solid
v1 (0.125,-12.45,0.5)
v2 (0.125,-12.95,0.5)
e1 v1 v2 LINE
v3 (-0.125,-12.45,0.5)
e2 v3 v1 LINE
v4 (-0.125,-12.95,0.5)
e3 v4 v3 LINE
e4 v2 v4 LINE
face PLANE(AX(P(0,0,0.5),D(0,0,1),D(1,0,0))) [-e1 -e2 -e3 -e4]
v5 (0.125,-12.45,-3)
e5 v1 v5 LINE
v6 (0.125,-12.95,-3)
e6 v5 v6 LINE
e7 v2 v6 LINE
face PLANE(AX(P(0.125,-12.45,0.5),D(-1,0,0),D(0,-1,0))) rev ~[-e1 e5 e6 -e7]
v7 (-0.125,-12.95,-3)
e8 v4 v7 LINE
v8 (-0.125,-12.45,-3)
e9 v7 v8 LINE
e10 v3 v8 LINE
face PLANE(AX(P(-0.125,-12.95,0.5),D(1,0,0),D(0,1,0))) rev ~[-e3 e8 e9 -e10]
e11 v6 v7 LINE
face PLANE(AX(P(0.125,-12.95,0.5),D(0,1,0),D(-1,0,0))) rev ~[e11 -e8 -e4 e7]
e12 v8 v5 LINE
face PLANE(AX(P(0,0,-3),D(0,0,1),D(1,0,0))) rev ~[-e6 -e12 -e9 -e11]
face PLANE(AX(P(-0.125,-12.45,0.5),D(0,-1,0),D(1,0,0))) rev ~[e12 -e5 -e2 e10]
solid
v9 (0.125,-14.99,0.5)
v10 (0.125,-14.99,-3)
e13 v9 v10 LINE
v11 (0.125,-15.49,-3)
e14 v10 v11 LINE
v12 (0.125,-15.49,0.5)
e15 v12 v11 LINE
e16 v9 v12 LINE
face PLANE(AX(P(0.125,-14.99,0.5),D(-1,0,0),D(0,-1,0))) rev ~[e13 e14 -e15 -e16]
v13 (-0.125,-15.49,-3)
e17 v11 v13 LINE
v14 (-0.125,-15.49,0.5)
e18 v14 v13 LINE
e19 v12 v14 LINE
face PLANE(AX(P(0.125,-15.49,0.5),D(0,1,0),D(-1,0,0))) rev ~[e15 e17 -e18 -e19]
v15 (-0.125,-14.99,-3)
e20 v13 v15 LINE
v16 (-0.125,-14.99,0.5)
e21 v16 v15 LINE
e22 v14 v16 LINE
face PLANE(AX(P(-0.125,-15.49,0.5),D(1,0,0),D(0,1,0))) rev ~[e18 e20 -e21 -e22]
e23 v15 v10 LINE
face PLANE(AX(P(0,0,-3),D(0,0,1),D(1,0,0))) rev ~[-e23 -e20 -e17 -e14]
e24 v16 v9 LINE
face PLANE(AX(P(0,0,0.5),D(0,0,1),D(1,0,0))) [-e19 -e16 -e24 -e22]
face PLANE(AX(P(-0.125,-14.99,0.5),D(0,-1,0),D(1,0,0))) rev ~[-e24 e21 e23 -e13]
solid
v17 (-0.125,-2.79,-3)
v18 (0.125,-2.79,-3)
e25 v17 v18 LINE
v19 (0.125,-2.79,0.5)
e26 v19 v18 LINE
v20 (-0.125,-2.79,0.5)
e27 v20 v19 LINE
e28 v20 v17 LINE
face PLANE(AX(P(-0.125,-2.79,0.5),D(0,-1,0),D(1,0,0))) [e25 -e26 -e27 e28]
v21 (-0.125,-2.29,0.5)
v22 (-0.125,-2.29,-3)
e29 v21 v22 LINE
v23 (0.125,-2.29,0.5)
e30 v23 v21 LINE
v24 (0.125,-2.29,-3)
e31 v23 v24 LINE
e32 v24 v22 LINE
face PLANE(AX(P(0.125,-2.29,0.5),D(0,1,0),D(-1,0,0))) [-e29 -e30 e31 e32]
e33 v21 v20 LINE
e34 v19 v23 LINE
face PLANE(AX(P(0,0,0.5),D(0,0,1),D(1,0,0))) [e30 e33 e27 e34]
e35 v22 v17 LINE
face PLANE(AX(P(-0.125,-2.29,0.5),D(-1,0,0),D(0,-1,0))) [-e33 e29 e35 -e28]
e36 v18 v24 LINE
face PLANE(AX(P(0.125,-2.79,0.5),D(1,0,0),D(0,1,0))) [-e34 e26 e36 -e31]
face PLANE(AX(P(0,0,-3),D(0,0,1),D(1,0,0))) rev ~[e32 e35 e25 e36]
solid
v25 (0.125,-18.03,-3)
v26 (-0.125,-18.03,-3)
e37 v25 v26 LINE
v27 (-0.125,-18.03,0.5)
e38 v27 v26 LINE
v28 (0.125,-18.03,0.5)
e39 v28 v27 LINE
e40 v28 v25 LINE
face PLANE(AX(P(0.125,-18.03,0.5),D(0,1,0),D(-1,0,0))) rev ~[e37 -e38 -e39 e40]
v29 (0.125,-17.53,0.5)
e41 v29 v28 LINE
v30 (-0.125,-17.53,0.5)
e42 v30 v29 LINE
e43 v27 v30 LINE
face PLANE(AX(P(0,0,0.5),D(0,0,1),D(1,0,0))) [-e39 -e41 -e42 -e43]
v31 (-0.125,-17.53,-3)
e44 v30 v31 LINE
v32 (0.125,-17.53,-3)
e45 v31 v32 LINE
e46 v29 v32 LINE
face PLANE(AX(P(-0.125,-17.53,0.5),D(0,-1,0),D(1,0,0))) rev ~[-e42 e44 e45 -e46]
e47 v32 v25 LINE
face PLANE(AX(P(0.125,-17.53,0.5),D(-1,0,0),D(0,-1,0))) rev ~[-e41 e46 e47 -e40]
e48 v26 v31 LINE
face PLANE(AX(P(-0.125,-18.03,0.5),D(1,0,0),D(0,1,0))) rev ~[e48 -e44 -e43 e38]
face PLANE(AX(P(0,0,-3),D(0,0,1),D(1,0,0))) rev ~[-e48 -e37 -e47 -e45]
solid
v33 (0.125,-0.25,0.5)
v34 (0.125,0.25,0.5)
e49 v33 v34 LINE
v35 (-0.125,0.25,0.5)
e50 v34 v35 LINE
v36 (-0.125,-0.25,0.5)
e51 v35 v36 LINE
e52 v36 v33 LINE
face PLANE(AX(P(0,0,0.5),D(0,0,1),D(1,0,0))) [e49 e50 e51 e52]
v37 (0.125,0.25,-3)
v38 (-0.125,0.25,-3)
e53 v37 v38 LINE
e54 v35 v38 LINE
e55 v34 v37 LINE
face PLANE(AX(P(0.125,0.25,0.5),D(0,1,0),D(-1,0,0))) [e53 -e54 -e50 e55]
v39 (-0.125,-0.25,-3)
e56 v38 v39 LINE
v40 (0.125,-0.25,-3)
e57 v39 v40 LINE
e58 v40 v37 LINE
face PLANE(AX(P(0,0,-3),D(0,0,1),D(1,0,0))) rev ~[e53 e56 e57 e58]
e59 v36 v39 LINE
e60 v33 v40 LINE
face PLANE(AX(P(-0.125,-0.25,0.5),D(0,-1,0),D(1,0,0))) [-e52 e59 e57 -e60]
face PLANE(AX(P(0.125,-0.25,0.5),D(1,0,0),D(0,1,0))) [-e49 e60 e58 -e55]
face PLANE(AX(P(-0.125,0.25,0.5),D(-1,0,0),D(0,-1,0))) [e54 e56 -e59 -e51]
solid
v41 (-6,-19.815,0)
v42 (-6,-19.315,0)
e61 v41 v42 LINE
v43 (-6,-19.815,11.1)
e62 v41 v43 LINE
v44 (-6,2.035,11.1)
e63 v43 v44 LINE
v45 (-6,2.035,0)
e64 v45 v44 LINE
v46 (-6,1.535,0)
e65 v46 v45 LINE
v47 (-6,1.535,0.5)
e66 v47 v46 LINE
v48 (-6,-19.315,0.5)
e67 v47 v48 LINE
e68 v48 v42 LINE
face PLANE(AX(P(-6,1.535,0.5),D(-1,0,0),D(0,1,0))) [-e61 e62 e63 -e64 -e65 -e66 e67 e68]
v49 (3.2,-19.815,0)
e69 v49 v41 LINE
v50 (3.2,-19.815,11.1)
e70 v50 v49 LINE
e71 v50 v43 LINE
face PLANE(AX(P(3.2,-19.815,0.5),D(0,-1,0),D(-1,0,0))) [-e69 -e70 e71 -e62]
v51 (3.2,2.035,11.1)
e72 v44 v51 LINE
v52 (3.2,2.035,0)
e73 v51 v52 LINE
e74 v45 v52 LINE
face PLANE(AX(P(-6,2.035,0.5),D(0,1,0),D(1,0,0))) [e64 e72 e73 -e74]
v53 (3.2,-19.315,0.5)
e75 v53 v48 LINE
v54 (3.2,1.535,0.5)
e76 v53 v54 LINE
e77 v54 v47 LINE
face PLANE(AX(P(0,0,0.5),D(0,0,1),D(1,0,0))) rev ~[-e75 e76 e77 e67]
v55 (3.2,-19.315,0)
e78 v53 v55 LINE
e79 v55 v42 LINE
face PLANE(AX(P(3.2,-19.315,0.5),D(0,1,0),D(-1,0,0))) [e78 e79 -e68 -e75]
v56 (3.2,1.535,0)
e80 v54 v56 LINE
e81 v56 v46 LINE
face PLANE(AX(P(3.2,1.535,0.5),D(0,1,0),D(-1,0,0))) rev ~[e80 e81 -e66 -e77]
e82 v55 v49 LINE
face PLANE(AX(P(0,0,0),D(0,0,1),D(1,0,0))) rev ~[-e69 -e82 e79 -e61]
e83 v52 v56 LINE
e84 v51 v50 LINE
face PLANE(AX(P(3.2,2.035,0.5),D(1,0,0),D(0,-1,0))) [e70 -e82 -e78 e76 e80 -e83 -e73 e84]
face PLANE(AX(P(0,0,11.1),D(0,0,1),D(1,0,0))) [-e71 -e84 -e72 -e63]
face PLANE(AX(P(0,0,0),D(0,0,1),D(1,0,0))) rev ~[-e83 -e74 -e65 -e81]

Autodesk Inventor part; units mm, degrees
ref_plane "YZ Plane" through (0, 0, 0) normal (1, 0, 0) x (0, 1, 0)
ref_plane "XZ Plane" through (0, 0, 0) normal (0, 1, 0) x (-1, 0, 0)
ref_plane "XY Plane" through (0, 0, 0) normal (0, 0, 1) x (1, 0, 0)
sketch "Sketch2" plane through (0, 0, 0) normal (0, 0, 1) x (1, 0, 0)
  line L0 (-6, 2.035) -> (3.2, 2.035)
  line L1 (3.2, 2.035) -> (3.2, -19.815)
  line L2 (3.2, -19.815) -> (-6, -19.815)
  line L3 (-6, -19.815) -> (-6, 2.035)
  line L4 (-0.125, -0.25) -> (0.125, -0.25)
  line L5 (0.125, -0.25) -> (0.125, 0.25)
  line L6 (0.125, 0.25) -> (-0.125, 0.25)
  line L7 (-0.125, 0.25) -> (-0.125, -0.25)
  line L8 (-0.125, -0.25) -> (0.125, 0.25) construction
  line L9 (0.125, -0.25) -> (-0.125, 0.25) construction
  line L10 (-0.125, -2.79) -> (0.125, -2.79)
  line L11 (0.125, -2.79) -> (0.125, -2.29)
  line L12 (0.125, -2.29) -> (-0.125, -2.29)
  line L13 (-0.125, -2.29) -> (-0.125, -2.79)
  line L14 (-0.125, -2.79) -> (0.125, -2.29) construction
  line L15 (0.125, -2.79) -> (-0.125, -2.29) construction
  line L16 (-0.125, -12.45) -> (0.125, -12.45)
  line L17 (0.125, -12.45) -> (0.125, -12.95)
  line L18 (0.125, -12.95) -> (-0.125, -12.95)
  line L19 (-0.125, -12.95) -> (-0.125, -12.45)
  line L20 (-0.125, -12.45) -> (0.125, -12.95) construction
  line L21 (0.125, -12.45) -> (-0.125, -12.95) construction
  line L22 (-0.125, -14.99) -> (0.125, -14.99)
  line L23 (0.125, -14.99) -> (0.125, -15.49)
  line L24 (-0.125, -15.49) -> (-0.125, -14.99)
  line L25 (-0.125, -14.99) -> (0.125, -15.49) construction
  line L26 (0.125, -14.99) -> (-0.125, -15.49) construction
  line L27 (0.125, -15.49) -> (-0.125, -15.49)
  line L28 (-0.125, -17.53) -> (0.125, -17.53)
  line L29 (0.125, -17.53) -> (0.125, -18.03)
  line L30 (-0.125, -18.03) -> (-0.125, -17.53)
  line L31 (-0.125, -17.53) -> (0.125, -18.03) construction
  line L32 (0.125, -17.53) -> (-0.125, -18.03) construction
  line L33 (0.125, -18.03) -> (-0.125, -18.03)
  line L34 (-6, 2.035) -> (3.2, 2.035)
  line L35 (3.2, 2.035) -> (3.2, 1.535)
  line L36 (3.2, 1.535) -> (-6, 1.535)
  line L37 (-6, 1.535) -> (-6, 2.035)
  line L38 (-6, -19.815) -> (3.2, -19.815)
  line L39 (3.2, -19.815) -> (3.2, -19.315)
  line L40 (3.2, -19.315) -> (-6, -19.315)
  line L41 (-6, -19.315) -> (-6, -19.815)
  point P0 (0, 0)
  point P1 (0, -2.54)
  point P2 (0, -12.7)
  point P3 (0, -15.24)
  point P4 (0, -17.78)
  dimension "d37" = 2.035
  dimension "d38" = 3.2
  dimension "d40" = 9.2
  dimension "d41" = 0.25
  dimension "d42" = 0.5
  dimension "d45" = 2.54
  dimension "d50" = 0.25
  dimension "d51" = 0.5
  dimension "d52" = 0
  dimension "d53" = 12.7
  dimension "d56" = 2.54
  dimension "d61" = 0.5
  dimension "d62" = 0.5
  dimension "d72" = 21.85
extrude "Extrusion4" add sketch "Sketch2" along normal blind 10.6 contours L0 L1 L36 L3 | L36 L1 L40 L3 | L40 L1 L2 L3 | L7 L6 L5 L4 | L13 L12 L11 L10 | L16 L17 L18 L19 | L22 L23 L27 L24 | L28 L29 L33 L30
extrude "Extrusion5" add sketch "Sketch2" against normal blind 0.5 contours L0 L1 L36 L3 | L40 L1 L2 L3
extrude "Extrusion6" add sketch "Sketch2" against normal blind 3.5 separate body contours L7 L6 L5 L4 | L13 L12 L11 L10 | L16 L17 L18 L19 | L22 L23 L27 L24 | L28 L29 L33 L30
move or copy body "Move Body1" bodies to move or copy 1 2 copy no translate (0, 0, 0.5)
equation "\"d50\" = d41"
equation "\"d51\" = d42"
properties part number "Converter_DCDC_XP_POWER-ITXxxxxSA_SIP_THT"
